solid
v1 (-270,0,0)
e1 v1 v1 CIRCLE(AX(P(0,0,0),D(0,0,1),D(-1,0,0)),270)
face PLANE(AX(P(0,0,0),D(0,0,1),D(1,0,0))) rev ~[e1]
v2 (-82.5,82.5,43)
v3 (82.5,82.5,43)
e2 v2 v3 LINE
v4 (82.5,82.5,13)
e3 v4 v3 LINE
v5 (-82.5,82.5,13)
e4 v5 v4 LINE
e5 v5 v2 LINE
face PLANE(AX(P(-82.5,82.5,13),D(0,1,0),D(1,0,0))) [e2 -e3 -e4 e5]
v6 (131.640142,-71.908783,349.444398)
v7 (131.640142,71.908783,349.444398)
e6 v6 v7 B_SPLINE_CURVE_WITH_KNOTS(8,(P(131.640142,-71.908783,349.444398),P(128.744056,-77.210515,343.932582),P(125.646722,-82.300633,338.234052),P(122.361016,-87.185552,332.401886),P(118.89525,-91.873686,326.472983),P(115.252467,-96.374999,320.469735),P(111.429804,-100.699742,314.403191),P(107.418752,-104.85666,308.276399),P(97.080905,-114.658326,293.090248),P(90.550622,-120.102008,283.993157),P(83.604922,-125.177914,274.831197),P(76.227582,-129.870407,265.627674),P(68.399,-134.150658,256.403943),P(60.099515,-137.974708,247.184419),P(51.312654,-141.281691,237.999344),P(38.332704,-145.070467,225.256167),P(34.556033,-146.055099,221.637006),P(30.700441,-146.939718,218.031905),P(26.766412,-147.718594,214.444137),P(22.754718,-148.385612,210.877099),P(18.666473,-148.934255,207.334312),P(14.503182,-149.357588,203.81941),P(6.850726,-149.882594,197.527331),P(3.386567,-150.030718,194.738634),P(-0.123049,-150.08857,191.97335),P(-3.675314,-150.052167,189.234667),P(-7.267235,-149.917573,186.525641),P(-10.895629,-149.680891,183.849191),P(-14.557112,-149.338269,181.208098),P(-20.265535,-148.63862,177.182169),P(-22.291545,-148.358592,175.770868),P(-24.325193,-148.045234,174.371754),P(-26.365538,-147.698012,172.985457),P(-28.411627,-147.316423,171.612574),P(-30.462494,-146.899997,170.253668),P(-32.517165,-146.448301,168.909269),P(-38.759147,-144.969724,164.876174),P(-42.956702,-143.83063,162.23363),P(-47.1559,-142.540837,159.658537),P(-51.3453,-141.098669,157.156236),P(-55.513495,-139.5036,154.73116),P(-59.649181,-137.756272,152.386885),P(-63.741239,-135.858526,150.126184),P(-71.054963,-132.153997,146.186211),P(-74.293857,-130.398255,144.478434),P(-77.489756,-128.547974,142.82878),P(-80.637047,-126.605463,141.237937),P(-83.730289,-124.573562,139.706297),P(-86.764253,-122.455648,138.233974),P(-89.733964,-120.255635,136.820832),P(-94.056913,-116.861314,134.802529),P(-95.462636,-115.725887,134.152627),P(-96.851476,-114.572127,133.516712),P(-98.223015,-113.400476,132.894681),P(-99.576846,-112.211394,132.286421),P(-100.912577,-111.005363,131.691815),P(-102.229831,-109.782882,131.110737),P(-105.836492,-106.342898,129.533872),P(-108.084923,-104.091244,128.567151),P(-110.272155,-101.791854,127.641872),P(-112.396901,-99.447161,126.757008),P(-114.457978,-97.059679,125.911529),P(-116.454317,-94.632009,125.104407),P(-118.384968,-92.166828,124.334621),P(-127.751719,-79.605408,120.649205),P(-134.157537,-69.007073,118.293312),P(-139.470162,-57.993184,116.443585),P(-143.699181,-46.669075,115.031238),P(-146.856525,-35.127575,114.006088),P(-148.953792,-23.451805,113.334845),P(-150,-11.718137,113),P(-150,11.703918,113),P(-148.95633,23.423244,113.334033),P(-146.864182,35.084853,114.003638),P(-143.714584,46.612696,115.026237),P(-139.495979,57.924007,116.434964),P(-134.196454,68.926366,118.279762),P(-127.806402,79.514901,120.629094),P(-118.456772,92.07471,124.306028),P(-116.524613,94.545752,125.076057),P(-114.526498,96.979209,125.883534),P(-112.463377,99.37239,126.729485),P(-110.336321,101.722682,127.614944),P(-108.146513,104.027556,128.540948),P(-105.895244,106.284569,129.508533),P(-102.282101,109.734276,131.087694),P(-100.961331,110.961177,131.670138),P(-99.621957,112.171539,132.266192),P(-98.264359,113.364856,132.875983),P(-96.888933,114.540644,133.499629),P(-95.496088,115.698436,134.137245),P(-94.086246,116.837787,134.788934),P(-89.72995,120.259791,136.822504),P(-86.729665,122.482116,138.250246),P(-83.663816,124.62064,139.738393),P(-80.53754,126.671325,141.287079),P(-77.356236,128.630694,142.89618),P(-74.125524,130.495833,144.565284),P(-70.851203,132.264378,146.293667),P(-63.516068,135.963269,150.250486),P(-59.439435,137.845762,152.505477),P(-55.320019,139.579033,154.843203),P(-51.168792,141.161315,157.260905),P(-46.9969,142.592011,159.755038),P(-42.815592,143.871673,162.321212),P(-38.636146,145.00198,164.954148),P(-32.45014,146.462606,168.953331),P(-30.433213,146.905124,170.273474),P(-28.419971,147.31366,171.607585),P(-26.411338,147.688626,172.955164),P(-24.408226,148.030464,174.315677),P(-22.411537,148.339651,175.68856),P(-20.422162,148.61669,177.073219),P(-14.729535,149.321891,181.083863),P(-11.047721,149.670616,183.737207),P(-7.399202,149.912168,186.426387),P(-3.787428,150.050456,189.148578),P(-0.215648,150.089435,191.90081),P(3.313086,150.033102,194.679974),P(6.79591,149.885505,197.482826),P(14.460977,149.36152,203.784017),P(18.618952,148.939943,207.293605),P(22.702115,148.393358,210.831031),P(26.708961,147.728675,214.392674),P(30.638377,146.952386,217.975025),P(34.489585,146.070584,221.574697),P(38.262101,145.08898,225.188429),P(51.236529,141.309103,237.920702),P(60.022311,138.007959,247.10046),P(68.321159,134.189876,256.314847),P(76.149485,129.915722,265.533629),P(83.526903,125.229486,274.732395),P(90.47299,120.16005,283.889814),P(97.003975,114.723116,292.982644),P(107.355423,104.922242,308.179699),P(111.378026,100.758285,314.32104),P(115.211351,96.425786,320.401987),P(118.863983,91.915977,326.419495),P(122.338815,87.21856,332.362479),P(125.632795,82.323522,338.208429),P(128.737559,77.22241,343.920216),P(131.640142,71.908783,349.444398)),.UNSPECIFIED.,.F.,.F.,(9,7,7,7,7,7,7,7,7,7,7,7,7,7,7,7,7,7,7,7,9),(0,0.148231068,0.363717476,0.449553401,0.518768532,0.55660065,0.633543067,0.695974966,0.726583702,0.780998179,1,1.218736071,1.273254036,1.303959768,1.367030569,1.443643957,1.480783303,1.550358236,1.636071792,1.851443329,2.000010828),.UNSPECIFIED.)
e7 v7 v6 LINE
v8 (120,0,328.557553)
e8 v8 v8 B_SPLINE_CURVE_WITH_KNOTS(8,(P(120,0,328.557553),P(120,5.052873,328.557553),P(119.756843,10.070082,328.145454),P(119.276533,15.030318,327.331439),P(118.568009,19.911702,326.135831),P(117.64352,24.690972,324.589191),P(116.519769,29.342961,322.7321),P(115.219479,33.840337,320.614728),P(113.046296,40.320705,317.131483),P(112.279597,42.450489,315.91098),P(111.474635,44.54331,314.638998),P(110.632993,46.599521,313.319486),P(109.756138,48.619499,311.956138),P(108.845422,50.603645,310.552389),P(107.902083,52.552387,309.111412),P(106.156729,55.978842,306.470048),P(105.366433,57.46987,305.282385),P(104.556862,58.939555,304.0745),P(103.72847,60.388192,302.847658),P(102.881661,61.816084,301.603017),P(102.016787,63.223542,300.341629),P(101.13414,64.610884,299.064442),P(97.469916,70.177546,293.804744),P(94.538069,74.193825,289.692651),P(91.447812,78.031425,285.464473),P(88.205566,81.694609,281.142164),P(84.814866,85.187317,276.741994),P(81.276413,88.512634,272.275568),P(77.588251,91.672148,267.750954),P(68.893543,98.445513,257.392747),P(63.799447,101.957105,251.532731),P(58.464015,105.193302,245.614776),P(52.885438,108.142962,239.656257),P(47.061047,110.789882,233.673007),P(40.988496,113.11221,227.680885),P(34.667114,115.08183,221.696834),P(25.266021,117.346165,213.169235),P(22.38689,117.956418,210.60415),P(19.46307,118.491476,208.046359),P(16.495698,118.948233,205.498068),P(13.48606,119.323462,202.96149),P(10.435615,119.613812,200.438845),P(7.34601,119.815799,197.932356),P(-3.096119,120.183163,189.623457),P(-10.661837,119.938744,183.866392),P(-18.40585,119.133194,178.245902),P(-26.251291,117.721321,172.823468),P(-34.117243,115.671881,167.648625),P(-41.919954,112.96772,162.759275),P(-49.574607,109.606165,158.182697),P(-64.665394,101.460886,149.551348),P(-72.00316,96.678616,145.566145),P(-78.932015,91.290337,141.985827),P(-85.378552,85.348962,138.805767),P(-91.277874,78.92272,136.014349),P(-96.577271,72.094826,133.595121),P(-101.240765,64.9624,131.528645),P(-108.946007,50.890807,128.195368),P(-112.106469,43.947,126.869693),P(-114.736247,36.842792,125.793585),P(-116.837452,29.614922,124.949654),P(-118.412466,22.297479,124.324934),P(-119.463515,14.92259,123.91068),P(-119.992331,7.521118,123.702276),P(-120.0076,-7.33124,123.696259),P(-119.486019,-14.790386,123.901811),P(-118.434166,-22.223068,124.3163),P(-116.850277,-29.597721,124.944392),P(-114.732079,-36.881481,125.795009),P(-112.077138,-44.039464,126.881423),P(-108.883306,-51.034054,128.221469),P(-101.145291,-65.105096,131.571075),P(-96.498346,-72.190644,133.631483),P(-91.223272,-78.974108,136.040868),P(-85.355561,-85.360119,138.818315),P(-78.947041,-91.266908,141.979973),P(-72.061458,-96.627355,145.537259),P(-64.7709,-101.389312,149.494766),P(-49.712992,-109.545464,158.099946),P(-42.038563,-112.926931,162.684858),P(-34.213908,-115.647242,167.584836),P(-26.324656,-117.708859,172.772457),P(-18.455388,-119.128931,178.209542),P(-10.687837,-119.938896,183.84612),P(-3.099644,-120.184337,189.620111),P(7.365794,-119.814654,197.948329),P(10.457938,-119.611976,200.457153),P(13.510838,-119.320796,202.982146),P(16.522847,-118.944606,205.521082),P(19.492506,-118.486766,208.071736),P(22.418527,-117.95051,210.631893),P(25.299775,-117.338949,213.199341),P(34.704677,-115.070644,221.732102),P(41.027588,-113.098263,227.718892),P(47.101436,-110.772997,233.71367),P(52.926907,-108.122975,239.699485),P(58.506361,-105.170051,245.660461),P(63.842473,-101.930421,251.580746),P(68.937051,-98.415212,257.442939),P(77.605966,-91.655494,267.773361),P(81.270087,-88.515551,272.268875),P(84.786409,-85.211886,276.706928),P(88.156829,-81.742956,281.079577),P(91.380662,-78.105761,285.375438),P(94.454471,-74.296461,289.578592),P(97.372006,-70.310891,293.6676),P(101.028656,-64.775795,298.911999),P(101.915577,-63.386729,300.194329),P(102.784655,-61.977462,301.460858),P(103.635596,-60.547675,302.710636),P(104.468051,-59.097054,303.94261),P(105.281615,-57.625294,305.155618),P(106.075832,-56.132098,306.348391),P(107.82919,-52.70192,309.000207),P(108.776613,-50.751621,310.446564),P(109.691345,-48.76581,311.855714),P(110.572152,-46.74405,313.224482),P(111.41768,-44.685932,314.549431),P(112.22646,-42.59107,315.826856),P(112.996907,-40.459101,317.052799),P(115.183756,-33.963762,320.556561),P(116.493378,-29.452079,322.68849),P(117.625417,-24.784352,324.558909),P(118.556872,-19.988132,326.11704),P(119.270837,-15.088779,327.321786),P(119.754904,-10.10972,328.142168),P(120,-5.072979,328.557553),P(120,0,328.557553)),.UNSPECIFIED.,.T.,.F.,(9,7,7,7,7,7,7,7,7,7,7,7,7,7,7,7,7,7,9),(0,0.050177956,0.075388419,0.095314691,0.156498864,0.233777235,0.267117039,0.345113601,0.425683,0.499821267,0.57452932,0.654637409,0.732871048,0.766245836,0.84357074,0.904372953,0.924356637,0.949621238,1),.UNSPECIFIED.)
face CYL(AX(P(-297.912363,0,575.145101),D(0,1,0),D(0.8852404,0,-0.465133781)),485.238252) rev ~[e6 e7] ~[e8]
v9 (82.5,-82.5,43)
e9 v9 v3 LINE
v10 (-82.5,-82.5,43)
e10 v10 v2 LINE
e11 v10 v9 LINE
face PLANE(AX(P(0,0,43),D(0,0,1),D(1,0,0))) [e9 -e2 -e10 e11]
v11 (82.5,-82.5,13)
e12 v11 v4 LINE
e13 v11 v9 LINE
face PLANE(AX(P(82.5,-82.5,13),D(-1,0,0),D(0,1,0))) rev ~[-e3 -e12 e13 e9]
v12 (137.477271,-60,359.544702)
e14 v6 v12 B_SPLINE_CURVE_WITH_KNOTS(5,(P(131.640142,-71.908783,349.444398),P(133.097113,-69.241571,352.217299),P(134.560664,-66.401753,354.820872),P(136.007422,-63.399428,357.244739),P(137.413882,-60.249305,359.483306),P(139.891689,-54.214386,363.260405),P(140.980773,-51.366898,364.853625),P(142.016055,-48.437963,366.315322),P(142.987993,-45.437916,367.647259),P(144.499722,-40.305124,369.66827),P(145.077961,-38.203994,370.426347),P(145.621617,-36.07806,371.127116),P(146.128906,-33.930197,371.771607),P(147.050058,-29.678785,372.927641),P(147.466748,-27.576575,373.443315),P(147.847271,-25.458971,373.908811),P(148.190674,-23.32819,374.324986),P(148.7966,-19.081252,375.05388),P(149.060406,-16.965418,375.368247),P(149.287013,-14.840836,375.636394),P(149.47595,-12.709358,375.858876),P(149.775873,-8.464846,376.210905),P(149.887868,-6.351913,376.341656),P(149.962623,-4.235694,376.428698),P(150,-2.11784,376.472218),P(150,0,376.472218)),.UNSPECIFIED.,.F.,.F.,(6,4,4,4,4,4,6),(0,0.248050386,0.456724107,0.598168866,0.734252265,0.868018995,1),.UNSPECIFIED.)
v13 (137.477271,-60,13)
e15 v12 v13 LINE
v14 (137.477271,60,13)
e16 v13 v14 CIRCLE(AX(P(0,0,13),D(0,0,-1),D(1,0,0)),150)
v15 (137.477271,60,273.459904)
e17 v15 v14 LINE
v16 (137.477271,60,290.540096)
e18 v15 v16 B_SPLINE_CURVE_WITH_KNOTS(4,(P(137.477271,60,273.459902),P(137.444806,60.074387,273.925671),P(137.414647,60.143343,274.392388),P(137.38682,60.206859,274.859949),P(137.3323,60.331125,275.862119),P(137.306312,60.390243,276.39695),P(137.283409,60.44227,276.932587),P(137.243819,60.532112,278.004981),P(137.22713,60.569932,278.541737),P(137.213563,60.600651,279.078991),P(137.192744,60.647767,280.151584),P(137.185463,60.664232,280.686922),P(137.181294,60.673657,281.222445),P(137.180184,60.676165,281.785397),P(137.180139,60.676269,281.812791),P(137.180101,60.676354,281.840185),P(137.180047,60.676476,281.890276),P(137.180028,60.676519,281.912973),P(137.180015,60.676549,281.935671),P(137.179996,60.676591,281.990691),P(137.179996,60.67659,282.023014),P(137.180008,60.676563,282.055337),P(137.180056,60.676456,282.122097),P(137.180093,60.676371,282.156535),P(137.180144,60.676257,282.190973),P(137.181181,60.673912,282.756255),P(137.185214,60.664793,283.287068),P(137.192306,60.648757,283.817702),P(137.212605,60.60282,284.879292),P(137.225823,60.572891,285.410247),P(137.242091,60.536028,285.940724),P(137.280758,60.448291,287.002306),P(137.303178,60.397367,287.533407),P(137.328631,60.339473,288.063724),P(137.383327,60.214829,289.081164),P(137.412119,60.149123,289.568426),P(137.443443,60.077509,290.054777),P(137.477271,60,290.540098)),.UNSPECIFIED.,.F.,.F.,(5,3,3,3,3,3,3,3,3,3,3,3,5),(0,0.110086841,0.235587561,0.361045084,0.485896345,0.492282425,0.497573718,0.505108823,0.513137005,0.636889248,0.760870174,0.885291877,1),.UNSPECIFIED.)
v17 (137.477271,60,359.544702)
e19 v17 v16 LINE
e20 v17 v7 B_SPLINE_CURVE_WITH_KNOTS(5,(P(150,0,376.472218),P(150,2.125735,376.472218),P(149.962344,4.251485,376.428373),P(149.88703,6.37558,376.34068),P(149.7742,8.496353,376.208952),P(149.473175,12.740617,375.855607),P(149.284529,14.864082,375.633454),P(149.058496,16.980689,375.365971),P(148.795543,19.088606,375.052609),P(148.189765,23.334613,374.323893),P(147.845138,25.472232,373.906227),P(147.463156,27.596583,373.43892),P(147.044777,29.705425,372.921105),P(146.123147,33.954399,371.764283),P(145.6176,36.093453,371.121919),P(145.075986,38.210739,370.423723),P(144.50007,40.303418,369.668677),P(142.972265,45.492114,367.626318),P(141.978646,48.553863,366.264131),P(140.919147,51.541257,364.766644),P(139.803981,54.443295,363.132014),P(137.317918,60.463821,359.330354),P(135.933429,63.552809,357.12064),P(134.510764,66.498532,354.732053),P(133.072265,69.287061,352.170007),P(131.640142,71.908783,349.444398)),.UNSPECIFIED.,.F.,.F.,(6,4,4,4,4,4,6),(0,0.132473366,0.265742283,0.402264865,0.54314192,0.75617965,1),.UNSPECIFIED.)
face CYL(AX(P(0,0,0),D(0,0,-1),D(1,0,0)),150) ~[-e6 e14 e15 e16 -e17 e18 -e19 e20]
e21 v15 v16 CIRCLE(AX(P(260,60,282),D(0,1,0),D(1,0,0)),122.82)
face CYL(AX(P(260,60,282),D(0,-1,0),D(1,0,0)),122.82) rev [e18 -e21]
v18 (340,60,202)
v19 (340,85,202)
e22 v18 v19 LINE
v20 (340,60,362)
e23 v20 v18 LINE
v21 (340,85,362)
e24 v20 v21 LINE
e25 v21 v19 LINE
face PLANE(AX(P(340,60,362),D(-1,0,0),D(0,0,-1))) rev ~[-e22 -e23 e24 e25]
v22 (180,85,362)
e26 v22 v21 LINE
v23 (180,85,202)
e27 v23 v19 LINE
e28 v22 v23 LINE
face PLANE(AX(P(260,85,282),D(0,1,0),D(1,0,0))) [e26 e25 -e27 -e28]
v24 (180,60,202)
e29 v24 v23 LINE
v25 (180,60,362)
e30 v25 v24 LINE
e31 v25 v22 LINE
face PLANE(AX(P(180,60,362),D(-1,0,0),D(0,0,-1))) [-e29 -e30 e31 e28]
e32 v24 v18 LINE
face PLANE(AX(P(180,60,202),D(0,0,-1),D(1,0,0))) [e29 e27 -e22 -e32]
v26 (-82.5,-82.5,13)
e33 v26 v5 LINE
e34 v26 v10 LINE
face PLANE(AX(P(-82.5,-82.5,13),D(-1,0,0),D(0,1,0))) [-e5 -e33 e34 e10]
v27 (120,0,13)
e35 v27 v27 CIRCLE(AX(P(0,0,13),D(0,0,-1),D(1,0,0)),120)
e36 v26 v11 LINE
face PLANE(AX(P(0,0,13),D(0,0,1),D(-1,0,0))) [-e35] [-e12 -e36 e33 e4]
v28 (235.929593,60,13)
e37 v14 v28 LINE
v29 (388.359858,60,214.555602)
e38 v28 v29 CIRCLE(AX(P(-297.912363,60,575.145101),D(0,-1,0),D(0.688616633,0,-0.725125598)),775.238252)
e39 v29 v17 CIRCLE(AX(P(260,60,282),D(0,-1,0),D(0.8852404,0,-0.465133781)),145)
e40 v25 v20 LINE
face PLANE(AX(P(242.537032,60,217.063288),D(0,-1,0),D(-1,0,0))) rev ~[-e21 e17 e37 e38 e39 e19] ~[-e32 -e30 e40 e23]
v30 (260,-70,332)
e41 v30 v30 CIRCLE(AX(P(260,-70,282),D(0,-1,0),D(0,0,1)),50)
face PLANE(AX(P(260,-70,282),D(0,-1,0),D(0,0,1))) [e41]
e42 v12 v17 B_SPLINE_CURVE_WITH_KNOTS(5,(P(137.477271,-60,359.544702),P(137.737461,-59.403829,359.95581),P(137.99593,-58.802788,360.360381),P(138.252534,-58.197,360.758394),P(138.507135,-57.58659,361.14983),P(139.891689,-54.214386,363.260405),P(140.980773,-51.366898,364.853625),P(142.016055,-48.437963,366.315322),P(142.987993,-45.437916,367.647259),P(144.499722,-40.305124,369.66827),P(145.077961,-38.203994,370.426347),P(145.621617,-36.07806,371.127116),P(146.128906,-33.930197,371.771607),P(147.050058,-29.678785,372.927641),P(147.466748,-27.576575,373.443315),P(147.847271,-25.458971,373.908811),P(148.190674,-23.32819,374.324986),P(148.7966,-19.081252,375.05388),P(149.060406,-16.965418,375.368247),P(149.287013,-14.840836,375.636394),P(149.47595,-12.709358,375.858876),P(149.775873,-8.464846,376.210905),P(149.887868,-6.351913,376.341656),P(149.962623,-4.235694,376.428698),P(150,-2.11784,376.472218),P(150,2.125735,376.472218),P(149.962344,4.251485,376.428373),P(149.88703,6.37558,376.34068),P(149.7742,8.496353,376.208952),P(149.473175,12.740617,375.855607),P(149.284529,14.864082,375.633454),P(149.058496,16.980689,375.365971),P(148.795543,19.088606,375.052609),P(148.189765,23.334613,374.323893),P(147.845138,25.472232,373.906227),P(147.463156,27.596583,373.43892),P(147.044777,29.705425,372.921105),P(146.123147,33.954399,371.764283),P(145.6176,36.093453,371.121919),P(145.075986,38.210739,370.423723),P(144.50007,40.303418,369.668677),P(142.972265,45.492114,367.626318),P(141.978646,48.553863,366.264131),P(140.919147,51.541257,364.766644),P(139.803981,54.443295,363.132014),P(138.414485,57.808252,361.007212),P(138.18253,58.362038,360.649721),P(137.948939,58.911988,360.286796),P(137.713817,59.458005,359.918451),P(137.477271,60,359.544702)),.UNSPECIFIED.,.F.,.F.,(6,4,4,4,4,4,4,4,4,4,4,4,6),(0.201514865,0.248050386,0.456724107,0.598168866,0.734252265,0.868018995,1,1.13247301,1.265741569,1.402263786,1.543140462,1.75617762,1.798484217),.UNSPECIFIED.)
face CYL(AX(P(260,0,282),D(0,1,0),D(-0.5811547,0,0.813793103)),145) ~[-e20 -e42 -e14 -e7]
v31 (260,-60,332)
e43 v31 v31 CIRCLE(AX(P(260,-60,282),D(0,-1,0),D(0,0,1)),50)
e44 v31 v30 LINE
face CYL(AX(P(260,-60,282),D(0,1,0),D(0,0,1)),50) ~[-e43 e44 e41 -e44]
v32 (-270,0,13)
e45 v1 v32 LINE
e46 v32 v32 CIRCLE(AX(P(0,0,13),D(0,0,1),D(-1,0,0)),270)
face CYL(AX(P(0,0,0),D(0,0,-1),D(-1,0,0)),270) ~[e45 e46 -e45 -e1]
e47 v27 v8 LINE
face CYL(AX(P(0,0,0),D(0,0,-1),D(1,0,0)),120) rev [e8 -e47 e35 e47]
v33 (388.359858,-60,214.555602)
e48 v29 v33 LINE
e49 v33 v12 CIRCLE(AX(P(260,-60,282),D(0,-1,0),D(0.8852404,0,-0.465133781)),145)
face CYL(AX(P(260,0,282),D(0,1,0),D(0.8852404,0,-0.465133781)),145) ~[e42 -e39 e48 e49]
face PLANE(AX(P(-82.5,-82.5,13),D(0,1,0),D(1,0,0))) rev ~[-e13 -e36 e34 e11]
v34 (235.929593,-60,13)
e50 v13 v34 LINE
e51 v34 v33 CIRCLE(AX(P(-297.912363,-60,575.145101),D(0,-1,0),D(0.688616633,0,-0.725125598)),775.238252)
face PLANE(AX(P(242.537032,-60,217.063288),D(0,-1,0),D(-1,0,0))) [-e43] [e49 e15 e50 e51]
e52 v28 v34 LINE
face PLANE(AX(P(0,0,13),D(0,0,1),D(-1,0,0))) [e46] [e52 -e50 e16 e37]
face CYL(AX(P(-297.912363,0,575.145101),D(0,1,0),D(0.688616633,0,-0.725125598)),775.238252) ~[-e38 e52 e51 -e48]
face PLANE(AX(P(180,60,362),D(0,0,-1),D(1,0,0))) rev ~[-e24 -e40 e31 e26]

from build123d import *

# Parameters (mm, degrees)
SKETCH_1_R           = 270
EXTRUDE_1_DEPTH      = 13
SKETCH_2_R           = 150
SKETCH_2_R_2         = 120
EXTRUDE_2_DEPTH      = 400
CUT_EXTRUDE_1_DEPTH  = 220
EXTRUDE_3_DEPTH      = 60
SKETCH_27_W          = 165
SKETCH_27_H          = 165
EXTRUDE_14_DEPTH     = 30
SKETCH_51_R          = 122.82
CUT_EXTRUDE_20_DEPTH = 25
SKETCH_52_W          = 160
SKETCH_52_H          = 160
EXTRUDE_33_DEPTH     = 25
SKETCH_53_R          = 50
EXTRUDE_34_DEPTH     = 10


with BuildPart() as part:
    # 草图1 → 凸台-拉伸1 (new body)
    with BuildSketch(Plane.XY):
        with Locations(Location((0, 0, 0), (0, 0, 180))):
            Circle(SKETCH_1_R)
    extrude(amount=EXTRUDE_1_DEPTH)

    # 草图2 → 凸台-拉伸2 (add)
    with BuildSketch(Plane.XY):
        Circle(SKETCH_2_R)
        Circle(SKETCH_2_R_2, mode=Mode.SUBTRACT)
    extrude(amount=EXTRUDE_2_DEPTH)

    # 草图4 → 切除-拉伸1 (cut, symmetric)
    with BuildSketch(Plane(origin=(0, 0, 0), x_dir=(1, 0, 0), z_dir=(0, 1, 0))):
        with BuildLine():
            Line((-150, -113), (-150, -400))
            Line((-150, -400), (175.732568569, -400))
            ThreePointArc((175.732568569, -400), (150.72256284, -377.307091697), (131.640141985, -349.444398214))
            ThreePointArc((131.640141985, -349.444398214), (14.085885106, -203.509183955), (-150, -113))
        make_face()
    extrude(amount=CUT_EXTRUDE_1_DEPTH, both=True, mode=Mode.SUBTRACT)

    # 草图5 → 凸台-拉伸3 (add, symmetric)
    with BuildSketch(Plane(origin=(0, 0, 0), x_dir=(1, 0, 0), z_dir=(0, 1, 0))):
        with BuildLine():
            Line((131.640141985, -13), (235.929592589, -13))
            ThreePointArc((235.929592589, -13), (320.412645509, -107.525028653), (388.359858015, -214.555601786))
            ThreePointArc((388.359858015, -214.555601786), (327.444398214, -410.359858015), (131.640141985, -349.444398214))
            Line((131.640141985, -349.444398214), (131.640141985, -13))
        make_face()
    extrude(amount=EXTRUDE_3_DEPTH, both=True)

    # 草图27 → 凸台-拉伸14 (add)
    with BuildSketch(Plane.XY.offset(13)):
        Rectangle(SKETCH_27_W, SKETCH_27_H)
    extrude(amount=EXTRUDE_14_DEPTH)

    # 草图51 → 切除-拉伸20 (cut)
    with BuildSketch(Plane(origin=(0, 60, 0), x_dir=(1, 0, 0), z_dir=(0, 1, 0))):
        with Locations((260, -282)):
            Circle(SKETCH_51_R)
    extrude(amount=CUT_EXTRUDE_20_DEPTH, mode=Mode.SUBTRACT)

    # 草图52 → 凸台-拉伸33 (add)
    with BuildSketch(Plane(origin=(0, 60, 0), x_dir=(1, 0, 0), z_dir=(0, 1, 0))):
        with Locations((260, -282)):
            Rectangle(SKETCH_52_W, SKETCH_52_H)
    extrude(amount=EXTRUDE_33_DEPTH)

    # 草图53 → 凸台-拉伸34 (add)
    with BuildSketch(Plane(origin=(0, -60, 0), x_dir=(-1, 0, 0), z_dir=(0, -1, 0))):
        with Locations(Location((-260, -282, 0), (0, 0, 270))):
            Circle(SKETCH_53_R)
    extrude(amount=EXTRUDE_34_DEPTH)


solid = part.part
